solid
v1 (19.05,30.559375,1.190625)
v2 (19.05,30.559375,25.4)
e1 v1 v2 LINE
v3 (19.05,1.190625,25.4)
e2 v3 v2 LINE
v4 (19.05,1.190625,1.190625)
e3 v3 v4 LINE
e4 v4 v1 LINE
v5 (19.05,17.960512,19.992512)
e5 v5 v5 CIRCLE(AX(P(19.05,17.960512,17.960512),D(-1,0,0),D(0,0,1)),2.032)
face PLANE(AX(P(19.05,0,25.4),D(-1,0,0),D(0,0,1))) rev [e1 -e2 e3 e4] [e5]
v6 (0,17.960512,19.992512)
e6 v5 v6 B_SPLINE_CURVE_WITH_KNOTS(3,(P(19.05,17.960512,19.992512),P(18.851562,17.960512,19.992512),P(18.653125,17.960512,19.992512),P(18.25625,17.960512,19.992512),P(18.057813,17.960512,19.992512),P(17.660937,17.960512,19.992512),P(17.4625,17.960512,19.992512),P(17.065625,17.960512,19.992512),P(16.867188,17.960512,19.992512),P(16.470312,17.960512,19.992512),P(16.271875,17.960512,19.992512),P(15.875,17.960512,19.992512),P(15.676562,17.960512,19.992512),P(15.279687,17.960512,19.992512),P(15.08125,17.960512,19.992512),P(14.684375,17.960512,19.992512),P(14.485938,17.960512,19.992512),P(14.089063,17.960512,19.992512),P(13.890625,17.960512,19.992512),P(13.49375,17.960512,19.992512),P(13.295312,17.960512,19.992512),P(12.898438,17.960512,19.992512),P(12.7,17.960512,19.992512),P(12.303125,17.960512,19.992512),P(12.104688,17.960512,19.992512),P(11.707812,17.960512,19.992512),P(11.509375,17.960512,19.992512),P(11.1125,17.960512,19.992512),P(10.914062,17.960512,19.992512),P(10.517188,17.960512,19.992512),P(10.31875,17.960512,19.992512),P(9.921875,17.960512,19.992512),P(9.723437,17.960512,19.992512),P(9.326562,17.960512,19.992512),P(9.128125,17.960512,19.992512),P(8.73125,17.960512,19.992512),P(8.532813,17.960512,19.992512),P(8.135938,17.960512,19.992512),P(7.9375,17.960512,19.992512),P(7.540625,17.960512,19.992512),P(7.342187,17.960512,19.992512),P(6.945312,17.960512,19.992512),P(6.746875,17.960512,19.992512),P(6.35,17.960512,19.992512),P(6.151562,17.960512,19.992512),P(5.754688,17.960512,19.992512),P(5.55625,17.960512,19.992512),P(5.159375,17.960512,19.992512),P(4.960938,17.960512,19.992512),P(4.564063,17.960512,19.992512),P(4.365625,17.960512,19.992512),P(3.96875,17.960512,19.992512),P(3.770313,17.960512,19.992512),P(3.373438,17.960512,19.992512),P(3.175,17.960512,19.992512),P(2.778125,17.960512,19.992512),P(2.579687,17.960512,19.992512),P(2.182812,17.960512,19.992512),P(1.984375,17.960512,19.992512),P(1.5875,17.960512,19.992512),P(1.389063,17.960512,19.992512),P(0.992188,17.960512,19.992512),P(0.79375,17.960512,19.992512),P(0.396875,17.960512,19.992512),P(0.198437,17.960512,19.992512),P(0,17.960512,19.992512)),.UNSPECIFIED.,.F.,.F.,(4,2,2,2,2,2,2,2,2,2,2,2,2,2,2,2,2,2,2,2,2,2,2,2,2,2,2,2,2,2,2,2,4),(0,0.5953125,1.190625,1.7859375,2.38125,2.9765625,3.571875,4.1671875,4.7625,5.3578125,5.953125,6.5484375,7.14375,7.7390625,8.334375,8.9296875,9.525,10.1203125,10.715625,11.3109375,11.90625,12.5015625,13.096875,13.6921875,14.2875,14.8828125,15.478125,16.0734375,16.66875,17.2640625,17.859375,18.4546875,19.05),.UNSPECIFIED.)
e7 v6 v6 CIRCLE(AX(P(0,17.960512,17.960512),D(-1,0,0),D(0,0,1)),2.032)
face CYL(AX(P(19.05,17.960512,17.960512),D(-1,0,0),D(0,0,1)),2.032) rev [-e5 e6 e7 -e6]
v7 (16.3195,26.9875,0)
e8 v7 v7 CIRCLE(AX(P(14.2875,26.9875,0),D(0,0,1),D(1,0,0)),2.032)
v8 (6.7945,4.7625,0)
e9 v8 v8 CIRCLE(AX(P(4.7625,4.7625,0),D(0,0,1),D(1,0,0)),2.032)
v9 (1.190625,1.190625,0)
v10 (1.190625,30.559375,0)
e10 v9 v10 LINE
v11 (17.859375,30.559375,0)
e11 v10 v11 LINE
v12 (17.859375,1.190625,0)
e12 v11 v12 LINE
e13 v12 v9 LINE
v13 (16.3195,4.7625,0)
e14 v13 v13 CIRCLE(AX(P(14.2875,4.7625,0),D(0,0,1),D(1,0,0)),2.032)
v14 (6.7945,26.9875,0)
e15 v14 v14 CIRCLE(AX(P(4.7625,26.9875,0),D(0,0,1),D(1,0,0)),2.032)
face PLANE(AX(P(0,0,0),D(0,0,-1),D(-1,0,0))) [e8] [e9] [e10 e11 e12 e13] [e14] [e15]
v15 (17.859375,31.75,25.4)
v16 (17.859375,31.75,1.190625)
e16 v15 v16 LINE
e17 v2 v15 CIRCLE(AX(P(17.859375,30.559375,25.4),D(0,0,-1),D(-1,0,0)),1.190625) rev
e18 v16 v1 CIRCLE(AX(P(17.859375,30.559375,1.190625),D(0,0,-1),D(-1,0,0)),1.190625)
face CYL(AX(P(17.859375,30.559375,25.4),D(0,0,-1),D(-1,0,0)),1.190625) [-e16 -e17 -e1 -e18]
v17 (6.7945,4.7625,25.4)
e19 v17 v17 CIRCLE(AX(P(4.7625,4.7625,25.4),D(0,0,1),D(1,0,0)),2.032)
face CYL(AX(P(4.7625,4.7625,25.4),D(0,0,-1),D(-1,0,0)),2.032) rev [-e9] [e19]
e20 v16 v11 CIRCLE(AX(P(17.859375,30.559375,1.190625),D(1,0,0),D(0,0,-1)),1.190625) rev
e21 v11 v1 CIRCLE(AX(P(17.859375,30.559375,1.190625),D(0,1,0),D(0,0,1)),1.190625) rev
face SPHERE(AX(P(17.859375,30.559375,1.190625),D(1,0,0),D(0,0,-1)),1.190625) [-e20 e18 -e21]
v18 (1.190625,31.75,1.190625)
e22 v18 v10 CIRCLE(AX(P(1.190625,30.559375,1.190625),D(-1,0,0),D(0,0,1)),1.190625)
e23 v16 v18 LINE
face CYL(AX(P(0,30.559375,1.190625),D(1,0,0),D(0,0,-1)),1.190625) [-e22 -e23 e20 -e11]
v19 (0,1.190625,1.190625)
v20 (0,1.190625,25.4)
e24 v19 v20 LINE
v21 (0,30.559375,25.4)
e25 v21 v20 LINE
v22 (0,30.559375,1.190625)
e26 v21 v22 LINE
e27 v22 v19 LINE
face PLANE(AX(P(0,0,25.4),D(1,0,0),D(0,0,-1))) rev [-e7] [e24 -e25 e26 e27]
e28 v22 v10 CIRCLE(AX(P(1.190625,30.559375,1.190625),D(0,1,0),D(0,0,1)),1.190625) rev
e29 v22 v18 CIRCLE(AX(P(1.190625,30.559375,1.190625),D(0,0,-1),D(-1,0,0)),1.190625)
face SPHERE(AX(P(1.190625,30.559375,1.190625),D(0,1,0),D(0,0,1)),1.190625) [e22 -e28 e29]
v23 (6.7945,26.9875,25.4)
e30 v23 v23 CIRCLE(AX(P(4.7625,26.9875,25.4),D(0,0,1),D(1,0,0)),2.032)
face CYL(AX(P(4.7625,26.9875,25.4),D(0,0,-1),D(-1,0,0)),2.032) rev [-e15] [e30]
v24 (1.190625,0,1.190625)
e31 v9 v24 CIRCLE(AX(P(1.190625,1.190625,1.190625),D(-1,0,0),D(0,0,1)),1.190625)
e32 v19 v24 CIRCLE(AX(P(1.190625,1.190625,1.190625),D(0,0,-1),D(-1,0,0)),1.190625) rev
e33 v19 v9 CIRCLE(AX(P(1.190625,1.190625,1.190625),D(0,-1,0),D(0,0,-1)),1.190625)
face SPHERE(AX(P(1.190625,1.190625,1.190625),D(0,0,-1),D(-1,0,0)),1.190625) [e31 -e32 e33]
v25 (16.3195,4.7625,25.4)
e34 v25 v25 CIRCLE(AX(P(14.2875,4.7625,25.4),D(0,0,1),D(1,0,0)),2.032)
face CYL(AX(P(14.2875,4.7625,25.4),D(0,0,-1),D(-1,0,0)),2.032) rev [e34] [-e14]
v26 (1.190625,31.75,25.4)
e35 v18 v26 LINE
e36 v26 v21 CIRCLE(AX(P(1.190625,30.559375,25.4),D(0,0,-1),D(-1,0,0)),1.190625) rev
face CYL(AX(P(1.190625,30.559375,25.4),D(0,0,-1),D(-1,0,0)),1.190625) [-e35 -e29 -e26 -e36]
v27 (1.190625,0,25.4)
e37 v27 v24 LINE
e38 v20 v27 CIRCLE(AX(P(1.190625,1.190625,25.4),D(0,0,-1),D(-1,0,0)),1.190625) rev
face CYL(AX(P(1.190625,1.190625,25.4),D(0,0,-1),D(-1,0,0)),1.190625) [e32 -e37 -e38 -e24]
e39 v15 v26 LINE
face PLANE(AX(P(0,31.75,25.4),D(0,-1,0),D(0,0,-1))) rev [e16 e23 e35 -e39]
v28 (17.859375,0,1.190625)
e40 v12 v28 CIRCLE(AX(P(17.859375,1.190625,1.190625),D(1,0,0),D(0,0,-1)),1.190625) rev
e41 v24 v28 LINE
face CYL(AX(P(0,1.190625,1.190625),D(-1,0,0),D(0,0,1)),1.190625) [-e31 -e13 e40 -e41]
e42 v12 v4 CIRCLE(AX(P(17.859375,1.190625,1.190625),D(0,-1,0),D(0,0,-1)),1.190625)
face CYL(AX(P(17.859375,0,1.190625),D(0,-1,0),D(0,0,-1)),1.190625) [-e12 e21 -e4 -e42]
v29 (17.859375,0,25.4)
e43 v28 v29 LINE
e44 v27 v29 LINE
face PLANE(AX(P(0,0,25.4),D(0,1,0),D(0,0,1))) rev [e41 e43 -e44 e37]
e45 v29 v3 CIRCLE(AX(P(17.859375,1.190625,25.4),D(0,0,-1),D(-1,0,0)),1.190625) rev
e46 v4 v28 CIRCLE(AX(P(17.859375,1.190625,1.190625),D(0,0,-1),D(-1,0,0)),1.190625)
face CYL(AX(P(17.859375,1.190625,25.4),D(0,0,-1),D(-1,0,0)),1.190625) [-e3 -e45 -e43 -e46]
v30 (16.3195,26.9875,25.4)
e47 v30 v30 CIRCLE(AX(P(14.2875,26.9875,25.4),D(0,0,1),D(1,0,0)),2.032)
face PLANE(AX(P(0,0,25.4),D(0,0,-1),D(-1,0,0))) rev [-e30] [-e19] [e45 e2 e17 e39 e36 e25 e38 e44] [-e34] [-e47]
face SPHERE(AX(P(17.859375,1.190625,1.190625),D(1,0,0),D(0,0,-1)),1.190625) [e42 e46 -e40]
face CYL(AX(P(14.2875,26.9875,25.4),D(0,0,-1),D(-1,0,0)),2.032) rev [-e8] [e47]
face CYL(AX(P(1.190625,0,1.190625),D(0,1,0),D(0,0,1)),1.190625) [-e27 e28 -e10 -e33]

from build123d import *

# Parameters (mm, degrees)
SKETCH1_W           = 19.05
SKETCH1_H           = 31.75
SKETCH1_R           = 2.032
BOSS_EXTRUDE1_DEPTH = 25.4
SKETCH2_R           = 2.032
CUT_EXTRUDE1_DEPTH  = 45.901280605
FILLET1_R           = 1.190625


with BuildPart() as part:
    # Sketch1 → Boss-Extrude1 (new body)
    with BuildSketch(Plane.XY):
        with Locations((9.525, 15.875)):
            Rectangle(SKETCH1_W, SKETCH1_H)
        with Locations((4.7625, 26.9875)):
            Circle(SKETCH1_R, mode=Mode.SUBTRACT)
        with Locations((14.2875, 26.9875)):
            Circle(SKETCH1_R, mode=Mode.SUBTRACT)
        with Locations((4.7625, 4.7625)):
            Circle(SKETCH1_R, mode=Mode.SUBTRACT)
        with Locations((14.2875, 4.7625)):
            Circle(SKETCH1_R, mode=Mode.SUBTRACT)
    extrude(amount=BOSS_EXTRUDE1_DEPTH)

    # Sketch2 → Cut-Extrude1 (cut, through all)
    with BuildSketch(Plane.ZY):
        with Locations((17.960512242, 17.960512242)):
            Circle(SKETCH2_R)
    extrude(amount=-CUT_EXTRUDE1_DEPTH, mode=Mode.SUBTRACT)

    # Fillet1
    fillet1_edges = [part.edges().sort_by_distance(p)[0] for p in [
        (9.525, 31.75, 0),
        (19.05, 15.875, 0),
        (9.525, 0, 0),
        (0, 15.875, 0),
        (0, 31.75, 12.7),
        (19.05, 31.75, 12.7),
        (19.05, 0, 12.7),
        (0, 0, 12.7),
    ]]
    fillet(fillet1_edges, radius=FILLET1_R)


solid = part.part
